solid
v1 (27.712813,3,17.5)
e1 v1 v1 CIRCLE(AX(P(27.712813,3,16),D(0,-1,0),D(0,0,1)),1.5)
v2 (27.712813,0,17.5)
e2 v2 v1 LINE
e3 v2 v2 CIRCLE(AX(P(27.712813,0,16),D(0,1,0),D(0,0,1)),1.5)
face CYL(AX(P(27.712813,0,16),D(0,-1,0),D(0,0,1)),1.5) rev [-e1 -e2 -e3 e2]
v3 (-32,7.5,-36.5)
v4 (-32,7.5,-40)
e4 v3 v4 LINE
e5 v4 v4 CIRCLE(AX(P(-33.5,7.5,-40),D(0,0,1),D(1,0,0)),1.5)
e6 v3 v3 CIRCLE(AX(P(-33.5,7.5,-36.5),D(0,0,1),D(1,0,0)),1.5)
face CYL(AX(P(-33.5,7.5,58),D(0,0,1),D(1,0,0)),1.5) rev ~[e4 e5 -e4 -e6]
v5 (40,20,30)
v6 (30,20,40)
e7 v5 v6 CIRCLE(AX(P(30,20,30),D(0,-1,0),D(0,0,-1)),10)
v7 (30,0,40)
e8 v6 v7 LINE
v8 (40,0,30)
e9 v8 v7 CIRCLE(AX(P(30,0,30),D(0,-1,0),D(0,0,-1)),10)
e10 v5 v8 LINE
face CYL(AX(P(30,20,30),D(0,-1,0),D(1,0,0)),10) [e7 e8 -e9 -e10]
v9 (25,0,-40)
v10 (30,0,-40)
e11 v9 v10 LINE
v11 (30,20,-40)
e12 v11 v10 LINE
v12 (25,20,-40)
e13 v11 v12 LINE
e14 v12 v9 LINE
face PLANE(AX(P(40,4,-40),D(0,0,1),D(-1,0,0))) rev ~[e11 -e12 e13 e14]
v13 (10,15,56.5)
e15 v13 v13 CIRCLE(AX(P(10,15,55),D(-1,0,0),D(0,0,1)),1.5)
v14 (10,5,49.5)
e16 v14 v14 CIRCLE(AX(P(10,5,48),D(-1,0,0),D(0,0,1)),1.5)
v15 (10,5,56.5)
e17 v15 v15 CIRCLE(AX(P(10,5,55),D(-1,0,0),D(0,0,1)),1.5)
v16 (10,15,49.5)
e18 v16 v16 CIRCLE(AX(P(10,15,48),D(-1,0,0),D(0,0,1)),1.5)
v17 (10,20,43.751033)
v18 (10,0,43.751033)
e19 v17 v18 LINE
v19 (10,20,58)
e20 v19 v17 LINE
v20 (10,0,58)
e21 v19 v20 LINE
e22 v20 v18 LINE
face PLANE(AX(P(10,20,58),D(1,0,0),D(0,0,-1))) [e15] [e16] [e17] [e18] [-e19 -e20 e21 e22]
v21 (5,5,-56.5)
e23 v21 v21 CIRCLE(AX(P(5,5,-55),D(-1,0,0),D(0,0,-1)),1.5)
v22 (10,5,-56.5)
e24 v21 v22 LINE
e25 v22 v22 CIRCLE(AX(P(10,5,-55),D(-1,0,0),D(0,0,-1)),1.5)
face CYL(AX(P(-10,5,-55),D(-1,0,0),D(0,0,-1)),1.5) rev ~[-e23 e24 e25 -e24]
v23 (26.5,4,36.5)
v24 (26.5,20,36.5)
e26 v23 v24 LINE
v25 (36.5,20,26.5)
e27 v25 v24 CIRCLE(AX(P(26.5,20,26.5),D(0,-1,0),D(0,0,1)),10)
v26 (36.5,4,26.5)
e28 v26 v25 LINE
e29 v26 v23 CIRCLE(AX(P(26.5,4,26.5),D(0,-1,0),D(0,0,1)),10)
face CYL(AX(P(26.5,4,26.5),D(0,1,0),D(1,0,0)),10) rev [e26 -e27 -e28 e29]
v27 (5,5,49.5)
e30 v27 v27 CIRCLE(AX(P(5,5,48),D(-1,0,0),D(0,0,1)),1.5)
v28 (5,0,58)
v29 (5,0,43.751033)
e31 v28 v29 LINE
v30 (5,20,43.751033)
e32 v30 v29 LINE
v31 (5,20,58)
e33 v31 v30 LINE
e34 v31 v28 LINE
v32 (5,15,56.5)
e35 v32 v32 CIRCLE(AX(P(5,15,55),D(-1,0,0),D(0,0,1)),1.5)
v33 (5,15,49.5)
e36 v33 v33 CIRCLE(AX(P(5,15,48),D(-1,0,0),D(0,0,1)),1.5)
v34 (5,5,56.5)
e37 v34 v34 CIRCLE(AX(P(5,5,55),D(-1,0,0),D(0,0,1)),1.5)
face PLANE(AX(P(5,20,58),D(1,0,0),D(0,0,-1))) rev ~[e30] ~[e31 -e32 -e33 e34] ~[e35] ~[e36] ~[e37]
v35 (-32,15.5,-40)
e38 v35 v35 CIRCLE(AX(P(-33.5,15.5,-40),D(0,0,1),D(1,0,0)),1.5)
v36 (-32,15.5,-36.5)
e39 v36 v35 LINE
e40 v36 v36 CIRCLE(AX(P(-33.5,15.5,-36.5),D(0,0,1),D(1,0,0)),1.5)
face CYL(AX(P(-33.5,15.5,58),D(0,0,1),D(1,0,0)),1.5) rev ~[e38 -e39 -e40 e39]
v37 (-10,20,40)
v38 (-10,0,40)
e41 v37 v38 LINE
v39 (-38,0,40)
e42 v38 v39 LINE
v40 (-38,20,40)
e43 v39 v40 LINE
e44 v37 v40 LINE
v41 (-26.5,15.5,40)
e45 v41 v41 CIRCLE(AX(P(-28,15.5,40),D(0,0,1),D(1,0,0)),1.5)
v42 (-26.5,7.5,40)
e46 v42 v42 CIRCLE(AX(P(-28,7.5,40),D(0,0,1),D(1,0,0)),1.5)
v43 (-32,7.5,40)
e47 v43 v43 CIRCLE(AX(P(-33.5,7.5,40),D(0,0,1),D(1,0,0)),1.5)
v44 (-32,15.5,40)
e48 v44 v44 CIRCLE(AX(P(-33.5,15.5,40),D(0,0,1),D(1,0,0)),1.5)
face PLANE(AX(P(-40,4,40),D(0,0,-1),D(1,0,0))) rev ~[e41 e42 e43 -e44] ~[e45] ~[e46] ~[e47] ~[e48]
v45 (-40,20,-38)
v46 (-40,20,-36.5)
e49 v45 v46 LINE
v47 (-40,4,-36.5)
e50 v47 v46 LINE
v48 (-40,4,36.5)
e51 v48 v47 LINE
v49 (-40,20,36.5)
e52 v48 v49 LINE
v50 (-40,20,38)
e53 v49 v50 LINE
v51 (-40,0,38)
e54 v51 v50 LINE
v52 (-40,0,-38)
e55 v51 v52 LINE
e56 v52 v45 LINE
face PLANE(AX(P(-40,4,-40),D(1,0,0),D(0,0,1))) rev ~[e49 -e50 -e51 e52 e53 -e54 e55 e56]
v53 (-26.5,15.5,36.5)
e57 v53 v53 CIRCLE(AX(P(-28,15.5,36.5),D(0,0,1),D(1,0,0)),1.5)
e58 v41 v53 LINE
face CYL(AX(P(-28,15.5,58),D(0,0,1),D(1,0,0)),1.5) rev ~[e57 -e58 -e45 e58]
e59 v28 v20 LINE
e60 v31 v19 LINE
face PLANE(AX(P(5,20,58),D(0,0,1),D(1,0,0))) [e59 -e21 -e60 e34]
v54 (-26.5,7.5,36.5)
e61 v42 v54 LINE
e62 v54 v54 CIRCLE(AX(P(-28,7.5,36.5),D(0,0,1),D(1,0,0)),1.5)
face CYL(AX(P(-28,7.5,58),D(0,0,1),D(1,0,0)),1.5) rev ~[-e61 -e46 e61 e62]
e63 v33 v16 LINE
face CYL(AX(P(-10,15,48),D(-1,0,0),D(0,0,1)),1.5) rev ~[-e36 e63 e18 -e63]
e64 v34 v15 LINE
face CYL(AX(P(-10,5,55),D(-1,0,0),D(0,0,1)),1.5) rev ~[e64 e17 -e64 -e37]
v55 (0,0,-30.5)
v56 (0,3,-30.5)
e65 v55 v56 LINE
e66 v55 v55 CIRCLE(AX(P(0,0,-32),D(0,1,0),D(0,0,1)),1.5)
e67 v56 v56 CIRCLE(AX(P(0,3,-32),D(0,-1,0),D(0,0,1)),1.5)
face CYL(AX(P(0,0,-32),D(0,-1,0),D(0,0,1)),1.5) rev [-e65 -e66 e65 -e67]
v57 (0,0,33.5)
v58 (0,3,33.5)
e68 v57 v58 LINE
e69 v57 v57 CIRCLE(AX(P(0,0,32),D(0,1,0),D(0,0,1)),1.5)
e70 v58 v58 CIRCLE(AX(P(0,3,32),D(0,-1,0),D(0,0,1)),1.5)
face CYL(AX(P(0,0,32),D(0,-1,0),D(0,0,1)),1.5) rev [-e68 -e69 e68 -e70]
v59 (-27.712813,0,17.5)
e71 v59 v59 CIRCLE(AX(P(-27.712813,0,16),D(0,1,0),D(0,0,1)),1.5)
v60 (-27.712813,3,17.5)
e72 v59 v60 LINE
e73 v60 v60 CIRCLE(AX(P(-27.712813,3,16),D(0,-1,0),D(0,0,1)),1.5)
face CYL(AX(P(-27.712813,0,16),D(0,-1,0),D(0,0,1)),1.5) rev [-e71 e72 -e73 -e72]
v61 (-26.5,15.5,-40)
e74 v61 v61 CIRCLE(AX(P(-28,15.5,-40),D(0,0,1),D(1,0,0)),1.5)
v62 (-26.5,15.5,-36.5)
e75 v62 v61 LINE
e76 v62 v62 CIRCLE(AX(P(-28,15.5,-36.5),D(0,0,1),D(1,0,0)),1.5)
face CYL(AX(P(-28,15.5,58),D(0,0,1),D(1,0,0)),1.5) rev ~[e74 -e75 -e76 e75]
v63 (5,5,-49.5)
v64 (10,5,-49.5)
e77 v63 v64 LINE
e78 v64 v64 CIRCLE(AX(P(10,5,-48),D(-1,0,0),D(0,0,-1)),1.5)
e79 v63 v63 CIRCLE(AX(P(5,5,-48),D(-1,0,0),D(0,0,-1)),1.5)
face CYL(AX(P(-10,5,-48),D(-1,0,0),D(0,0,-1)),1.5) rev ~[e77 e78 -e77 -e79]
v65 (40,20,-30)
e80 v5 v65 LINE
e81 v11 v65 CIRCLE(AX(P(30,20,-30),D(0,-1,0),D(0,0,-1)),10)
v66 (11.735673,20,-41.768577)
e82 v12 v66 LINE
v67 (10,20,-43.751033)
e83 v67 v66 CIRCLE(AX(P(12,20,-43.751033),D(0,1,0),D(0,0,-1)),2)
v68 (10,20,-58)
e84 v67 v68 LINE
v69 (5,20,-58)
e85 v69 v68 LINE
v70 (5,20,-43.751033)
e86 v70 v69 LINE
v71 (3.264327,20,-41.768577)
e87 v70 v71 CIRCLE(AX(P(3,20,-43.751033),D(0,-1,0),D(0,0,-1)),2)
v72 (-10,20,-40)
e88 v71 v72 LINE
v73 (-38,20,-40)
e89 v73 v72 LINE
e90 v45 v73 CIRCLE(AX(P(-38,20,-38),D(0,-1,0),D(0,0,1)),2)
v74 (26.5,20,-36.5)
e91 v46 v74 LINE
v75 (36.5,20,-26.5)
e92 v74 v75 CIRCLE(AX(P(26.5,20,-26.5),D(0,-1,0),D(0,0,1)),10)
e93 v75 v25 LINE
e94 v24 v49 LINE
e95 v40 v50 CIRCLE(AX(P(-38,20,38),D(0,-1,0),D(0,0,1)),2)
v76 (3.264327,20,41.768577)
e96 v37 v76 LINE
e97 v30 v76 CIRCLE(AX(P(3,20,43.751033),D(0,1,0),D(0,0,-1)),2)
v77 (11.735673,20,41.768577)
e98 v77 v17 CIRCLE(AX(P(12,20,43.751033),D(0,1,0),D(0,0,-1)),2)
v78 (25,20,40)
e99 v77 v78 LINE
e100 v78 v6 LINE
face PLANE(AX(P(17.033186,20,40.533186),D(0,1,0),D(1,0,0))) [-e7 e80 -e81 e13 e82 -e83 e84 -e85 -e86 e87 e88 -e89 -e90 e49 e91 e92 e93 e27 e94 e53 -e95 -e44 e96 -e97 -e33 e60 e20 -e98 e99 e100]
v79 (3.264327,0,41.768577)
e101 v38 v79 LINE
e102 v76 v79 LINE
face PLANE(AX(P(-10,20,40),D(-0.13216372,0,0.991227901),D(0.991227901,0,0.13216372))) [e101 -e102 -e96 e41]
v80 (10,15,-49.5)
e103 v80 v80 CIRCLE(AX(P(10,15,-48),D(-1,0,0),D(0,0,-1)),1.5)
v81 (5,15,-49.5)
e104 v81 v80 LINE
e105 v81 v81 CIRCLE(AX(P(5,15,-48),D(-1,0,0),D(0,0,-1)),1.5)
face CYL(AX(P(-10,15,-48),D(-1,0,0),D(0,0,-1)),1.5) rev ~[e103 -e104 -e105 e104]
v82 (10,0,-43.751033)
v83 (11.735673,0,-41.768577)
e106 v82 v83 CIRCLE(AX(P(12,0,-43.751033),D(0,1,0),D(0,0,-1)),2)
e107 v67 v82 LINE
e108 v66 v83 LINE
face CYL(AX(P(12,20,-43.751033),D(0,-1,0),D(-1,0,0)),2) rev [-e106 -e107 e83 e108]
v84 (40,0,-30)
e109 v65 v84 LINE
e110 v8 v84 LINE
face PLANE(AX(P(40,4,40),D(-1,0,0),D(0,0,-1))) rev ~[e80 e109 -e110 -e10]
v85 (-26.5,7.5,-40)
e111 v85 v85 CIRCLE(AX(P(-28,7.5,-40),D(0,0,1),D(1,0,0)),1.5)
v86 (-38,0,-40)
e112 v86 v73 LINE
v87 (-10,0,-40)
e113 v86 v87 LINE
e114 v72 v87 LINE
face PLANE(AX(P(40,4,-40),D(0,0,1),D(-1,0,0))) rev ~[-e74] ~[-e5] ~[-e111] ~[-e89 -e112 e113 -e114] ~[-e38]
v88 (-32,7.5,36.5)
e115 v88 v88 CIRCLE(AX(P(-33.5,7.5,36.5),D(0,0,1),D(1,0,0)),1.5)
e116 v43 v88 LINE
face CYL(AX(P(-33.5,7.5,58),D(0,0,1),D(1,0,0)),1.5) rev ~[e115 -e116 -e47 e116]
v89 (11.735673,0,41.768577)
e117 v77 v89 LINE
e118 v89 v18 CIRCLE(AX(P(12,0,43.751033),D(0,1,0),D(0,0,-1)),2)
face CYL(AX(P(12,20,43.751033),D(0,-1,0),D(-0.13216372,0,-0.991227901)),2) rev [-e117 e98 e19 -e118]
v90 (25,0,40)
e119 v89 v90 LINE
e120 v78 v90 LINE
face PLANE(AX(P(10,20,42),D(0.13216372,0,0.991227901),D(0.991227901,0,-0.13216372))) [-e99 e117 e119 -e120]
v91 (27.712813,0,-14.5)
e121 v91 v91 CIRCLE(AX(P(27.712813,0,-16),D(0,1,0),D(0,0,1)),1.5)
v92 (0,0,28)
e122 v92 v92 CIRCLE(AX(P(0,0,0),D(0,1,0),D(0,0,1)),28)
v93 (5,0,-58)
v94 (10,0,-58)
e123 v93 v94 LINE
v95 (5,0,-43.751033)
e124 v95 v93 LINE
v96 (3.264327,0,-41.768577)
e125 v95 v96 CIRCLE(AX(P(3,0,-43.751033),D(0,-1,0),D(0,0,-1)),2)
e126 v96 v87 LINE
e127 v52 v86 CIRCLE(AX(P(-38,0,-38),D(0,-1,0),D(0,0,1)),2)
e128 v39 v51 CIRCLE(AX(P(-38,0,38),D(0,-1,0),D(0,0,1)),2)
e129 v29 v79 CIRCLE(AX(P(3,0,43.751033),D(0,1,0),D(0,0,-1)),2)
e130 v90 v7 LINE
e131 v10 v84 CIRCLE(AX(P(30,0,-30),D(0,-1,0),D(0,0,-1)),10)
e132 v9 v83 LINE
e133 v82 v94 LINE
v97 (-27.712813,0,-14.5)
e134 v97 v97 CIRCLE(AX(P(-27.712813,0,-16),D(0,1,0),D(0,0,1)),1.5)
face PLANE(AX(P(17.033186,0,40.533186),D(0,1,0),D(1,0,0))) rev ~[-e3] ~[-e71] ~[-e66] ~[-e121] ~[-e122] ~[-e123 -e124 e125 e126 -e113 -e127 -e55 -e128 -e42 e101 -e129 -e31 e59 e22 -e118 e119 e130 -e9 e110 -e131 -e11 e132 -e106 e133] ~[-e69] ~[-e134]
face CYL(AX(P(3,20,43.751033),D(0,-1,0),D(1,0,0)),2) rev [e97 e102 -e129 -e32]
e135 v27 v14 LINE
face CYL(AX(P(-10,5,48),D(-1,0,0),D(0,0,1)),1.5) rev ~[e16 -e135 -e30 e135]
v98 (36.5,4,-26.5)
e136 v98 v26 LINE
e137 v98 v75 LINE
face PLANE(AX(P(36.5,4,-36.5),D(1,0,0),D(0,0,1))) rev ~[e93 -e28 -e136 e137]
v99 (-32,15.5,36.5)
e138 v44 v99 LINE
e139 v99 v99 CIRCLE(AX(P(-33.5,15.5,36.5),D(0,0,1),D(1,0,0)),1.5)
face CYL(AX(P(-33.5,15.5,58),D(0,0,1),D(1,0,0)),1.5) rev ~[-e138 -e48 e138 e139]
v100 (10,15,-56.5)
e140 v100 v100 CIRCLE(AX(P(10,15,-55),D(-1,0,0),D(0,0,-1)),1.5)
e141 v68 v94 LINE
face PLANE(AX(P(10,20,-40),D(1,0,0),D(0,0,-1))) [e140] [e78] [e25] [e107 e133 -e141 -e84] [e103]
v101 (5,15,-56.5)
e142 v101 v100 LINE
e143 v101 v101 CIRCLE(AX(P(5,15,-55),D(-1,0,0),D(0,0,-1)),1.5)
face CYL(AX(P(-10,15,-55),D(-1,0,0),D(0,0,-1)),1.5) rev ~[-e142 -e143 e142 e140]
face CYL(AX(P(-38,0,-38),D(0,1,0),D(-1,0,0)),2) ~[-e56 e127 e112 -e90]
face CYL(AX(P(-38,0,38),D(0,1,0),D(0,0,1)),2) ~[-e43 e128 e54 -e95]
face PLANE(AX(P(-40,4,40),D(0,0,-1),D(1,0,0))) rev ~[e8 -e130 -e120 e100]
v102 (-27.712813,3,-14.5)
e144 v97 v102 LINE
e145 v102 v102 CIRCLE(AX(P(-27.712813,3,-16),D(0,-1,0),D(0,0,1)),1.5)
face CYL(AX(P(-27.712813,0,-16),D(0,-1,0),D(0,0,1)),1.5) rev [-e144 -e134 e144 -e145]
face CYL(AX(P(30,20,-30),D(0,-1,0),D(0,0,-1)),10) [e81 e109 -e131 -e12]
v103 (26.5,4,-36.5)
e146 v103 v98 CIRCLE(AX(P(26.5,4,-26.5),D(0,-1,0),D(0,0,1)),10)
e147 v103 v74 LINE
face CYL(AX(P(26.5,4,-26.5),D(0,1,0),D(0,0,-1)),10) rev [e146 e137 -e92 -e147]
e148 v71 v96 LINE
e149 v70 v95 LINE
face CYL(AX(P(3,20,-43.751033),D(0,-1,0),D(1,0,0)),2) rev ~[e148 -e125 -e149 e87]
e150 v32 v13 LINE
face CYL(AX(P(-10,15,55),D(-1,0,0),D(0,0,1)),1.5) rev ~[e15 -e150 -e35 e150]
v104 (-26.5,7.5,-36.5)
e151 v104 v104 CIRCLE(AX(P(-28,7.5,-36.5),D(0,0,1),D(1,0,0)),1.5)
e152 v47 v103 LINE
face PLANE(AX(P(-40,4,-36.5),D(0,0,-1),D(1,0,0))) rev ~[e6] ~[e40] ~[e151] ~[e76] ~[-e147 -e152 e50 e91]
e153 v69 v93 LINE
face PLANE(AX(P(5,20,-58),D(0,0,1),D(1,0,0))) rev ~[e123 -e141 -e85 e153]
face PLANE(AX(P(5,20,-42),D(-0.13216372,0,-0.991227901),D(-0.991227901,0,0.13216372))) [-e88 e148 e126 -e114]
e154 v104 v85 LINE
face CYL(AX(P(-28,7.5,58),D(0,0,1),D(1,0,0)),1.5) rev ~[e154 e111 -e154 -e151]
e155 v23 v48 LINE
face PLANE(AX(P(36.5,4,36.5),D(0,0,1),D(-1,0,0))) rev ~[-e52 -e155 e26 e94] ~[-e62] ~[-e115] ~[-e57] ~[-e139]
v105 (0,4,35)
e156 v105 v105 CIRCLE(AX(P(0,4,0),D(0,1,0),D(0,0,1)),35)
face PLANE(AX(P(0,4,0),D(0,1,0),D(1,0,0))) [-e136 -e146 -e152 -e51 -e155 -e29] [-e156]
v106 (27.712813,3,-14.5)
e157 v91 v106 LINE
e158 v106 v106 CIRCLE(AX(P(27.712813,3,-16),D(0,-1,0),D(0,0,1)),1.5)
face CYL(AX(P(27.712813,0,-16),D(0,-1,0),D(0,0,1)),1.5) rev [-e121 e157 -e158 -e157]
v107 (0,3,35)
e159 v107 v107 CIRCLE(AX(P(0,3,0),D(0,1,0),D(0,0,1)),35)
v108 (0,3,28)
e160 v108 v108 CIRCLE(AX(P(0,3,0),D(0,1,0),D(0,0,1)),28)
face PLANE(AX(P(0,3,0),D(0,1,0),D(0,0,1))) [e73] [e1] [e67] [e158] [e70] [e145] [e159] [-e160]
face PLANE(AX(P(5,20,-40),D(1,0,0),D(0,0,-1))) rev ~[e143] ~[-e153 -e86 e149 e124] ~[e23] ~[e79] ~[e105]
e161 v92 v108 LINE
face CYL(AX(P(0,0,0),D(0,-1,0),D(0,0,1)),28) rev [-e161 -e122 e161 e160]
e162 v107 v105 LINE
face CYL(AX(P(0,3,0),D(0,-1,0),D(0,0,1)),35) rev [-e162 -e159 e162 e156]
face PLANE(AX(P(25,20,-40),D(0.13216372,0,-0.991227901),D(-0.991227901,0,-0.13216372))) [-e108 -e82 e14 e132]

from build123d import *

# Parameters (mm, degrees)
SKETCH_1_W          = 80
SKETCH_1_H          = 80
SKETCH_1_R          = 28
SKETCH_1_R_2        = 1.5
EXTRUDE_1_DEPTH     = 4
EXTRUDE_2_DEPTH     = 16
SKETCH_9_W          = 5
SKETCH_9_H          = 18
EXTRUDE_6_DEPTH     = 20
SKETCH_11_R         = 1.5
CUT_EXTRUDE_2_DEPTH = 80.14543575
CUT_EXTRUDE_START   = -1
SKETCH_12_R         = 35
SKETCH_12_R_2       = 28
CUT_EXTRUDE_3_DEPTH = 1
FILLET_6_R          = 10
SKETCH_13_R         = 1.5
CUT_EXTRUDE_4_DEPTH = 125.322162143
FILLET_8_R          = 2
SKETCH_15_W         = 5
SKETCH_15_H         = 18
CUT_EXTRUDE_6_DEPTH = 74.239333694
EXTRUDE_8_DEPTH     = 20
FILLET_9_R          = 2


with BuildPart() as part:
    # 草图1 → 凸台-拉伸1 (new body)
    with BuildSketch(Plane(origin=(0, 0, 0), x_dir=(1, 0, 0), z_dir=(0, 1, 0))):
        Rectangle(SKETCH_1_W, SKETCH_1_H)
        with Locations(Location((0, 0, 0), (0, 0, 270))):
            Circle(SKETCH_1_R, mode=Mode.SUBTRACT)
        with Locations(Location((0, 32, 0), (0, 0, 270))):
            Circle(SKETCH_1_R_2, mode=Mode.SUBTRACT)
        with Locations(Location((27.712812921, 16, 0), (0, 0, 270))):
            Circle(SKETCH_1_R_2, mode=Mode.SUBTRACT)
        with Locations(Location((27.712812921, -16, 0), (0, 0, 270))):
            Circle(SKETCH_1_R_2, mode=Mode.SUBTRACT)
        with Locations(Location((0, -32, 0), (0, 0, 270))):
            Circle(SKETCH_1_R_2, mode=Mode.SUBTRACT)
        with Locations(Location((-27.712812921, -16, 0), (0, 0, 270))):
            Circle(SKETCH_1_R_2, mode=Mode.SUBTRACT)
        with Locations(Location((-27.712812921, 16, 0), (0, 0, 270))):
            Circle(SKETCH_1_R_2, mode=Mode.SUBTRACT)
    extrude(amount=EXTRUDE_1_DEPTH)

    # 草图2 → 凸台-拉伸2 (add)
    with BuildSketch(Plane(origin=(0, 4, 0), x_dir=(1, 0, 0), z_dir=(0, 1, 0))):
        Polygon((40, 40), (-40, 40), (-40, 36.5), (-36.5, 36.5), (36.5, 36.5), (36.5, -36.5), (-36.5, -36.5), (-40, -36.5), (-40, -40), (40, -40), align=None)
    extrude(amount=EXTRUDE_2_DEPTH)

    # 草图9 → 凸台-拉伸6 (add)
    with BuildSketch(Plane(origin=(0, 20, 0), x_dir=(1, 0, 0), z_dir=(0, 1, 0))):
        with Locations((-7.5, -49)):
            Rectangle(SKETCH_9_W, SKETCH_9_H)
        with Locations((7.5, -49)):
            Rectangle(SKETCH_9_W, SKETCH_9_H)
        with Locations((7.5, 49)):
            Rectangle(SKETCH_9_W, SKETCH_9_H)
        with Locations((-7.5, 49)):
            Rectangle(SKETCH_9_W, SKETCH_9_H)
    extrude(amount=-EXTRUDE_6_DEPTH)

    # 草图11 → 切除-拉伸2 (cut, through all)
    with BuildSketch(Plane.ZY.offset(10)):
        with Locations((55, 15)):
            Circle(SKETCH_11_R)
        with Locations((55, 5)):
            Circle(SKETCH_11_R)
        with Locations((48, 5)):
            Circle(SKETCH_11_R)
        with Locations((48, 15)):
            Circle(SKETCH_11_R)
        with Locations(Location((-48, 15, 0), (0, 0, 180))):
            Circle(SKETCH_11_R)
        with Locations(Location((-48, 5, 0), (0, 0, 180))):
            Circle(SKETCH_11_R)
        with Locations(Location((-55, 5, 0), (0, 0, 180))):
            Circle(SKETCH_11_R)
        with Locations(Location((-55, 15, 0), (0, 0, 180))):
            Circle(SKETCH_11_R)
    extrude(amount=-CUT_EXTRUDE_2_DEPTH, mode=Mode.SUBTRACT)

    # 草图12 → 切除-拉伸3 (cut)
    with BuildSketch(Plane(origin=(0, 4, 0), x_dir=(1, 0, 0), z_dir=(0, 1, 0)).offset(CUT_EXTRUDE_START)):
        with Locations(Location((0, 0, 0), (0, 0, 270))):
            Circle(SKETCH_12_R)
        with Locations(Location((0, 0, 0), (0, 0, 270))):
            Circle(SKETCH_12_R_2, mode=Mode.SUBTRACT)
    extrude(amount=CUT_EXTRUDE_3_DEPTH, mode=Mode.SUBTRACT)

    # 圆角6
    fillet_6_edges = [part.edges().sort_by_distance(p)[0] for p in [
        (36.5, 12, -36.5),
        (36.5, 12, 36.5),
        (40, 10, -40),
        (40, 10, 40),
    ]]
    fillet(fillet_6_edges, radius=FILLET_6_R)

    # 草图13 → 切除-拉伸4 (cut, through all)
    with BuildSketch(Plane.XY.offset(58)):
        with Locations((-33.5, 7.5)):
            Circle(SKETCH_13_R)
        with Locations((-28, 7.5)):
            Circle(SKETCH_13_R)
        with Locations((-33.5, 15.5)):
            Circle(SKETCH_13_R)
        with Locations((-28, 15.5)):
            Circle(SKETCH_13_R)
    extrude(amount=-CUT_EXTRUDE_4_DEPTH, mode=Mode.SUBTRACT)

    # 圆角8
    fillet_8_edges = [part.edges().sort_by_distance(p)[0] for p in [
        (-40, 10, -40),
        (-40, 10, 40),
    ]]
    fillet(fillet_8_edges, radius=FILLET_8_R)

    # 草图15 → 切除-拉伸6 (cut, through all)
    with BuildSketch(Plane(origin=(0, 20, 0), x_dir=(1, 0, 0), z_dir=(0, 1, 0))):
        with Locations((-7.5, -49)):
            Rectangle(SKETCH_15_W, SKETCH_15_H)
        with Locations((-7.5, 49)):
            Rectangle(SKETCH_15_W, SKETCH_15_H)
    extrude(amount=-CUT_EXTRUDE_6_DEPTH, mode=Mode.SUBTRACT)

    # 草图16 → 凸台-拉伸8 (add)
    with BuildSketch(Plane(origin=(0, 20, 0), x_dir=(1, 0, 0), z_dir=(0, 1, 0))):
        Polygon((10, -42), (25, -40), (10, -40), align=None)
        Polygon((5, -42), (5, -40), (-10, -40), align=None)
        Polygon((10, 42), (10, 40), (25, 40), align=None)
        Polygon((5, 42), (-10, 40), (5, 40), align=None)
    extrude(amount=-EXTRUDE_8_DEPTH)

    # 圆角9
    fillet_9_edges = [part.edges().sort_by_distance(p)[0] for p in [
        (10, 10, 42),
        (5, 10, 42),
        (10, 10, -42),
        (5, 10, -42),
    ]]
    fillet(fillet_9_edges, radius=FILLET_9_R)


solid = part.part
